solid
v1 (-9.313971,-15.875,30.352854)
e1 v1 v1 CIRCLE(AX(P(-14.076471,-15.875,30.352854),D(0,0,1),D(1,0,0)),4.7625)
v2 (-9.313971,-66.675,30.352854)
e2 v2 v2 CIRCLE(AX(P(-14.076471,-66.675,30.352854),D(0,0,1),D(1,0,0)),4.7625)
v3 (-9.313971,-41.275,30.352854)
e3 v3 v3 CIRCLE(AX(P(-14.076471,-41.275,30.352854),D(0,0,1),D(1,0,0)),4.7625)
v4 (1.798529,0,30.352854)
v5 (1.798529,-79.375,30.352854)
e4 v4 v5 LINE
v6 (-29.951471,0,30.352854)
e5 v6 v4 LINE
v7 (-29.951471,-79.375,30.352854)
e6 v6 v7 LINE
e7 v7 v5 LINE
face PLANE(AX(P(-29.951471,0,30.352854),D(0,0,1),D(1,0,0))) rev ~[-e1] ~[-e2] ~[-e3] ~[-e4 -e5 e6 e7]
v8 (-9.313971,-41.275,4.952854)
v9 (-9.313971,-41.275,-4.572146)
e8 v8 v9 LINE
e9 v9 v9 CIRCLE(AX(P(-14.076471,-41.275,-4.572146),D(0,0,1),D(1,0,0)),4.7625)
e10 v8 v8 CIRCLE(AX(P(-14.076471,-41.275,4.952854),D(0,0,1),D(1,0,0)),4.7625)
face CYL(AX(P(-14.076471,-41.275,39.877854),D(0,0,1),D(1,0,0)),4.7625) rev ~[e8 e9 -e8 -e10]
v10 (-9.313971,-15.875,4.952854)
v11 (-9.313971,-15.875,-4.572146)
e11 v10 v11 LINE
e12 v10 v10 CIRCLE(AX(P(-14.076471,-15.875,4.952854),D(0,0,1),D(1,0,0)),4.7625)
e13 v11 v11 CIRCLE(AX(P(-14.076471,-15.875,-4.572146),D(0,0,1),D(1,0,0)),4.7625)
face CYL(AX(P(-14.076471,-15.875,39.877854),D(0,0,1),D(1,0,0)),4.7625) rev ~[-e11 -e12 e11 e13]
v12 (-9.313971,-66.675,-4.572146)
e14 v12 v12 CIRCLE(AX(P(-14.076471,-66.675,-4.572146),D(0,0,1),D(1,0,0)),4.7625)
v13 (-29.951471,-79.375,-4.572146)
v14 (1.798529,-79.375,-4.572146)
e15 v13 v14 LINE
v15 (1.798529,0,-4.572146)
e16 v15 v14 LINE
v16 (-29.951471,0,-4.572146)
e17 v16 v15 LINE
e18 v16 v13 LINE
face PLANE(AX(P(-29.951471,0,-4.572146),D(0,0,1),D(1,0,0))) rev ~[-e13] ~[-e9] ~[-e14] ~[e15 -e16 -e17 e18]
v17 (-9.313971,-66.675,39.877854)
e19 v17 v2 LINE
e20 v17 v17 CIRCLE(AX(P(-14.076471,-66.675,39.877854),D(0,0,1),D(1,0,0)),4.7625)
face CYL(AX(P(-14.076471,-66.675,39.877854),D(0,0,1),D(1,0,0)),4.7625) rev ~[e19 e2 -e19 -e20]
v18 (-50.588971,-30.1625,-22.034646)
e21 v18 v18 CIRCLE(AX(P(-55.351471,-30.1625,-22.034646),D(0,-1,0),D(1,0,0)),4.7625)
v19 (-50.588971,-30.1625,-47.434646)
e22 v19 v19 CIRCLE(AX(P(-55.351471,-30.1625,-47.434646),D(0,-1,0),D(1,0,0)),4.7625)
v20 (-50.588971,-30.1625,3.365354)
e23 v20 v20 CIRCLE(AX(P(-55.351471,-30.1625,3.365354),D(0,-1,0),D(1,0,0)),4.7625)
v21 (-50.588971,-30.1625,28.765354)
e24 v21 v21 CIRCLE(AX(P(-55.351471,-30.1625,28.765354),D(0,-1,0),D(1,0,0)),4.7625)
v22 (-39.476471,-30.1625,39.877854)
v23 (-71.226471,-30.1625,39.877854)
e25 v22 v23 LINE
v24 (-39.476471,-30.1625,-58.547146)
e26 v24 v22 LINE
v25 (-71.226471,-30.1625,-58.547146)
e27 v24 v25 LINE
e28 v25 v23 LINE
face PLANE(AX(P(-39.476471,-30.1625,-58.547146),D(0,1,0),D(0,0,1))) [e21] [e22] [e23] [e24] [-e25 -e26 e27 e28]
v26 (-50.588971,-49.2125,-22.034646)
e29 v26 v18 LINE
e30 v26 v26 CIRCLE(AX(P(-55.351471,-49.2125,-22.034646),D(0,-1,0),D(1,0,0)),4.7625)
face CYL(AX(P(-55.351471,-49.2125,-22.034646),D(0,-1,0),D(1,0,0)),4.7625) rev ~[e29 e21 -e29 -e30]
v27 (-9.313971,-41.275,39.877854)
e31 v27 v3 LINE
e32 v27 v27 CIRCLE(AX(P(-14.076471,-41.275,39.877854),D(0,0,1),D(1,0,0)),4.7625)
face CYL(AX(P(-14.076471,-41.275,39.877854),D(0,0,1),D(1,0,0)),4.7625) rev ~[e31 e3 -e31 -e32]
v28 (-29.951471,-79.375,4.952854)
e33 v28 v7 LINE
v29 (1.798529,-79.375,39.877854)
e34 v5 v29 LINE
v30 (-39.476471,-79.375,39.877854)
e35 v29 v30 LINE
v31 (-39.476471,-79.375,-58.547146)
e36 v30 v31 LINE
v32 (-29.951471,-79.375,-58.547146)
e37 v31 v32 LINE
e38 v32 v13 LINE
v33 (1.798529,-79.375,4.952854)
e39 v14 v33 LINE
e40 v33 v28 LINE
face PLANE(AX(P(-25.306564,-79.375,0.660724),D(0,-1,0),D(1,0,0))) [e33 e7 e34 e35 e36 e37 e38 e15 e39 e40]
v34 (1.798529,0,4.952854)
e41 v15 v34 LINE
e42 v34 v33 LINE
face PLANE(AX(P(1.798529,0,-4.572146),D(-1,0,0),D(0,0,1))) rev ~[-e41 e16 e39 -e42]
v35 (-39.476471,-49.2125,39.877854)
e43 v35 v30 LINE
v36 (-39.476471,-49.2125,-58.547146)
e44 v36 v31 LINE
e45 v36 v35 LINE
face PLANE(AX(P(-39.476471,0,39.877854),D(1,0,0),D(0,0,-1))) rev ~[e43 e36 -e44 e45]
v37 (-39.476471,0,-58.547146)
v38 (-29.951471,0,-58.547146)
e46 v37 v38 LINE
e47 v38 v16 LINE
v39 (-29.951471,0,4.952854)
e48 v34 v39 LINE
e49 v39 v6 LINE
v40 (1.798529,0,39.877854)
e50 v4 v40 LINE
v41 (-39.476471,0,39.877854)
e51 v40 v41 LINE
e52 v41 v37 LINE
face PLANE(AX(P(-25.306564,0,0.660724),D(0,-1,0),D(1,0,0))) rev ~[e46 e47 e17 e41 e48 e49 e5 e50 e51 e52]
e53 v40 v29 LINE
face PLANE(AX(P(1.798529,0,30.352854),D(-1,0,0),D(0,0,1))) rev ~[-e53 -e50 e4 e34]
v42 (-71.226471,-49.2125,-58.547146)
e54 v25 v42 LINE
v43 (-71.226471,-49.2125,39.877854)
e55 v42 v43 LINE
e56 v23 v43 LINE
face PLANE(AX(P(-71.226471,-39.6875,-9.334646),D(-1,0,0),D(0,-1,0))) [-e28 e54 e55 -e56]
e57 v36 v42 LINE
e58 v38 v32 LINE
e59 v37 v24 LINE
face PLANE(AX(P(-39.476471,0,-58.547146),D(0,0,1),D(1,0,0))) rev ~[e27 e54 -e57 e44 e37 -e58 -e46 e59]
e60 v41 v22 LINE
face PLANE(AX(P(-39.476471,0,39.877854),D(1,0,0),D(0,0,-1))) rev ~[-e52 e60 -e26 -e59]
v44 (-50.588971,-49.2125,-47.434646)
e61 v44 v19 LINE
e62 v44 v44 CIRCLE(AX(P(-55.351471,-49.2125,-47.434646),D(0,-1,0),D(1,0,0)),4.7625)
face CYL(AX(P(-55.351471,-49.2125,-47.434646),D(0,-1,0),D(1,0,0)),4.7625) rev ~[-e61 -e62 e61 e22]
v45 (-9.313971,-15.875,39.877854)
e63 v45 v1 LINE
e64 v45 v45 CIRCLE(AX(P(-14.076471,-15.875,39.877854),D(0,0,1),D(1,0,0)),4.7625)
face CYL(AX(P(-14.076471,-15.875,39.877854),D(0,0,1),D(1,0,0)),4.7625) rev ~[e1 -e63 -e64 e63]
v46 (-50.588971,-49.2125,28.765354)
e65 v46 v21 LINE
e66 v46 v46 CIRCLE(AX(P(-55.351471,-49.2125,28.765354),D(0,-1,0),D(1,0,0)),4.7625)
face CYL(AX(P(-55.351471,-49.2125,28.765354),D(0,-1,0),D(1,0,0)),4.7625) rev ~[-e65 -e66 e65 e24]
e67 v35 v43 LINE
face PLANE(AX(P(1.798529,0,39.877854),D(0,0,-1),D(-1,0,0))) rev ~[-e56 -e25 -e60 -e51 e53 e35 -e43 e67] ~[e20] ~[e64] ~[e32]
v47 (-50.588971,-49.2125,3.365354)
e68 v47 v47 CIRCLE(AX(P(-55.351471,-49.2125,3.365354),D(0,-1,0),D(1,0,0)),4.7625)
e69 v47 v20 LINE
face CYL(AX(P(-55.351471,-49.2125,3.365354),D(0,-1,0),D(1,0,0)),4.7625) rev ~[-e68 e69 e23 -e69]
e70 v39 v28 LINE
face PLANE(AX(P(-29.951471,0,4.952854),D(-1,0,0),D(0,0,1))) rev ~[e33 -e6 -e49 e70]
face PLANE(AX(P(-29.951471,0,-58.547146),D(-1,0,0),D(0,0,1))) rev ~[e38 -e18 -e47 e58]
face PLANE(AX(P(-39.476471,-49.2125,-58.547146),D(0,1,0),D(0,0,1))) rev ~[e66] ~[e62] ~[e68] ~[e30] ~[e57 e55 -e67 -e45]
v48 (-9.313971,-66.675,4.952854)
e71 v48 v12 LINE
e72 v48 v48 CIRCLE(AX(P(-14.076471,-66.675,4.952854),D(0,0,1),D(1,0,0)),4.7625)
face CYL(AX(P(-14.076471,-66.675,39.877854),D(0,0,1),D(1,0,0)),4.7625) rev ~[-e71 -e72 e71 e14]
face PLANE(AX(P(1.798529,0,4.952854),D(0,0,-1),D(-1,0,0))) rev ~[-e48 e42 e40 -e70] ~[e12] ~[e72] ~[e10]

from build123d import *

# Parameters (mm, degrees)
F1_DEPTH = 79.375
F2_W     = 19.05
F2_H     = 98.425
F3_DEPTH = 31.75
F4_R     = 4.7625
F5_DEPTH = 49.2135
F6_R     = 4.7625
F7_DEPTH = 98.426


with BuildPart() as f1:
    # F0 (on Front) → F1 (new body)
    with BuildSketch(Plane.XZ):
        Polygon((-39.476471, 39.877854), (-39.476471, -58.547146), (-29.951471, -58.547146), (-29.951471, -4.572146), (1.798529, -4.572146), (1.798529, 4.952854), (-29.951471, 4.952854), (-29.951471, 30.352854), (1.798529, 30.352854), (1.798529, 39.877854), align=None)
    extrude(amount=F1_DEPTH)

    # F2 (on face) → F3 (join)
    with BuildSketch(Plane(origin=(-39.476471, 0, 0), x_dir=(0, -1, 0), z_dir=(-1, 0, 0))):
        with Locations((39.6875, -9.334646)):
            Rectangle(F2_W, F2_H)
    extrude(amount=F3_DEPTH)

    # F4 (on face) → F5 (cut, through all)
    with BuildSketch(Plane.XZ.offset(49.2125)):
        with Locations((-55.351471, 28.765354)):
            Circle(F4_R)
        with Locations((-55.351471, 3.365354)):
            Circle(F4_R)
        with Locations((-55.351471, -22.034646)):
            Circle(F4_R)
        with Locations((-55.351471, -47.434646)):
            Circle(F4_R)
    extrude(amount=-F5_DEPTH, mode=Mode.SUBTRACT)

    # F6 (on face) → F7 (cut, through all)
    with BuildSketch(Plane.XY.offset(39.877854)):
        with Locations((-14.076471, -15.875)):
            Circle(F6_R)
        with Locations((-14.076471, -41.275)):
            Circle(F6_R)
        with Locations((-14.076471, -66.675)):
            Circle(F6_R)
    extrude(amount=-F7_DEPTH, mode=Mode.SUBTRACT)


solid = f1.part
